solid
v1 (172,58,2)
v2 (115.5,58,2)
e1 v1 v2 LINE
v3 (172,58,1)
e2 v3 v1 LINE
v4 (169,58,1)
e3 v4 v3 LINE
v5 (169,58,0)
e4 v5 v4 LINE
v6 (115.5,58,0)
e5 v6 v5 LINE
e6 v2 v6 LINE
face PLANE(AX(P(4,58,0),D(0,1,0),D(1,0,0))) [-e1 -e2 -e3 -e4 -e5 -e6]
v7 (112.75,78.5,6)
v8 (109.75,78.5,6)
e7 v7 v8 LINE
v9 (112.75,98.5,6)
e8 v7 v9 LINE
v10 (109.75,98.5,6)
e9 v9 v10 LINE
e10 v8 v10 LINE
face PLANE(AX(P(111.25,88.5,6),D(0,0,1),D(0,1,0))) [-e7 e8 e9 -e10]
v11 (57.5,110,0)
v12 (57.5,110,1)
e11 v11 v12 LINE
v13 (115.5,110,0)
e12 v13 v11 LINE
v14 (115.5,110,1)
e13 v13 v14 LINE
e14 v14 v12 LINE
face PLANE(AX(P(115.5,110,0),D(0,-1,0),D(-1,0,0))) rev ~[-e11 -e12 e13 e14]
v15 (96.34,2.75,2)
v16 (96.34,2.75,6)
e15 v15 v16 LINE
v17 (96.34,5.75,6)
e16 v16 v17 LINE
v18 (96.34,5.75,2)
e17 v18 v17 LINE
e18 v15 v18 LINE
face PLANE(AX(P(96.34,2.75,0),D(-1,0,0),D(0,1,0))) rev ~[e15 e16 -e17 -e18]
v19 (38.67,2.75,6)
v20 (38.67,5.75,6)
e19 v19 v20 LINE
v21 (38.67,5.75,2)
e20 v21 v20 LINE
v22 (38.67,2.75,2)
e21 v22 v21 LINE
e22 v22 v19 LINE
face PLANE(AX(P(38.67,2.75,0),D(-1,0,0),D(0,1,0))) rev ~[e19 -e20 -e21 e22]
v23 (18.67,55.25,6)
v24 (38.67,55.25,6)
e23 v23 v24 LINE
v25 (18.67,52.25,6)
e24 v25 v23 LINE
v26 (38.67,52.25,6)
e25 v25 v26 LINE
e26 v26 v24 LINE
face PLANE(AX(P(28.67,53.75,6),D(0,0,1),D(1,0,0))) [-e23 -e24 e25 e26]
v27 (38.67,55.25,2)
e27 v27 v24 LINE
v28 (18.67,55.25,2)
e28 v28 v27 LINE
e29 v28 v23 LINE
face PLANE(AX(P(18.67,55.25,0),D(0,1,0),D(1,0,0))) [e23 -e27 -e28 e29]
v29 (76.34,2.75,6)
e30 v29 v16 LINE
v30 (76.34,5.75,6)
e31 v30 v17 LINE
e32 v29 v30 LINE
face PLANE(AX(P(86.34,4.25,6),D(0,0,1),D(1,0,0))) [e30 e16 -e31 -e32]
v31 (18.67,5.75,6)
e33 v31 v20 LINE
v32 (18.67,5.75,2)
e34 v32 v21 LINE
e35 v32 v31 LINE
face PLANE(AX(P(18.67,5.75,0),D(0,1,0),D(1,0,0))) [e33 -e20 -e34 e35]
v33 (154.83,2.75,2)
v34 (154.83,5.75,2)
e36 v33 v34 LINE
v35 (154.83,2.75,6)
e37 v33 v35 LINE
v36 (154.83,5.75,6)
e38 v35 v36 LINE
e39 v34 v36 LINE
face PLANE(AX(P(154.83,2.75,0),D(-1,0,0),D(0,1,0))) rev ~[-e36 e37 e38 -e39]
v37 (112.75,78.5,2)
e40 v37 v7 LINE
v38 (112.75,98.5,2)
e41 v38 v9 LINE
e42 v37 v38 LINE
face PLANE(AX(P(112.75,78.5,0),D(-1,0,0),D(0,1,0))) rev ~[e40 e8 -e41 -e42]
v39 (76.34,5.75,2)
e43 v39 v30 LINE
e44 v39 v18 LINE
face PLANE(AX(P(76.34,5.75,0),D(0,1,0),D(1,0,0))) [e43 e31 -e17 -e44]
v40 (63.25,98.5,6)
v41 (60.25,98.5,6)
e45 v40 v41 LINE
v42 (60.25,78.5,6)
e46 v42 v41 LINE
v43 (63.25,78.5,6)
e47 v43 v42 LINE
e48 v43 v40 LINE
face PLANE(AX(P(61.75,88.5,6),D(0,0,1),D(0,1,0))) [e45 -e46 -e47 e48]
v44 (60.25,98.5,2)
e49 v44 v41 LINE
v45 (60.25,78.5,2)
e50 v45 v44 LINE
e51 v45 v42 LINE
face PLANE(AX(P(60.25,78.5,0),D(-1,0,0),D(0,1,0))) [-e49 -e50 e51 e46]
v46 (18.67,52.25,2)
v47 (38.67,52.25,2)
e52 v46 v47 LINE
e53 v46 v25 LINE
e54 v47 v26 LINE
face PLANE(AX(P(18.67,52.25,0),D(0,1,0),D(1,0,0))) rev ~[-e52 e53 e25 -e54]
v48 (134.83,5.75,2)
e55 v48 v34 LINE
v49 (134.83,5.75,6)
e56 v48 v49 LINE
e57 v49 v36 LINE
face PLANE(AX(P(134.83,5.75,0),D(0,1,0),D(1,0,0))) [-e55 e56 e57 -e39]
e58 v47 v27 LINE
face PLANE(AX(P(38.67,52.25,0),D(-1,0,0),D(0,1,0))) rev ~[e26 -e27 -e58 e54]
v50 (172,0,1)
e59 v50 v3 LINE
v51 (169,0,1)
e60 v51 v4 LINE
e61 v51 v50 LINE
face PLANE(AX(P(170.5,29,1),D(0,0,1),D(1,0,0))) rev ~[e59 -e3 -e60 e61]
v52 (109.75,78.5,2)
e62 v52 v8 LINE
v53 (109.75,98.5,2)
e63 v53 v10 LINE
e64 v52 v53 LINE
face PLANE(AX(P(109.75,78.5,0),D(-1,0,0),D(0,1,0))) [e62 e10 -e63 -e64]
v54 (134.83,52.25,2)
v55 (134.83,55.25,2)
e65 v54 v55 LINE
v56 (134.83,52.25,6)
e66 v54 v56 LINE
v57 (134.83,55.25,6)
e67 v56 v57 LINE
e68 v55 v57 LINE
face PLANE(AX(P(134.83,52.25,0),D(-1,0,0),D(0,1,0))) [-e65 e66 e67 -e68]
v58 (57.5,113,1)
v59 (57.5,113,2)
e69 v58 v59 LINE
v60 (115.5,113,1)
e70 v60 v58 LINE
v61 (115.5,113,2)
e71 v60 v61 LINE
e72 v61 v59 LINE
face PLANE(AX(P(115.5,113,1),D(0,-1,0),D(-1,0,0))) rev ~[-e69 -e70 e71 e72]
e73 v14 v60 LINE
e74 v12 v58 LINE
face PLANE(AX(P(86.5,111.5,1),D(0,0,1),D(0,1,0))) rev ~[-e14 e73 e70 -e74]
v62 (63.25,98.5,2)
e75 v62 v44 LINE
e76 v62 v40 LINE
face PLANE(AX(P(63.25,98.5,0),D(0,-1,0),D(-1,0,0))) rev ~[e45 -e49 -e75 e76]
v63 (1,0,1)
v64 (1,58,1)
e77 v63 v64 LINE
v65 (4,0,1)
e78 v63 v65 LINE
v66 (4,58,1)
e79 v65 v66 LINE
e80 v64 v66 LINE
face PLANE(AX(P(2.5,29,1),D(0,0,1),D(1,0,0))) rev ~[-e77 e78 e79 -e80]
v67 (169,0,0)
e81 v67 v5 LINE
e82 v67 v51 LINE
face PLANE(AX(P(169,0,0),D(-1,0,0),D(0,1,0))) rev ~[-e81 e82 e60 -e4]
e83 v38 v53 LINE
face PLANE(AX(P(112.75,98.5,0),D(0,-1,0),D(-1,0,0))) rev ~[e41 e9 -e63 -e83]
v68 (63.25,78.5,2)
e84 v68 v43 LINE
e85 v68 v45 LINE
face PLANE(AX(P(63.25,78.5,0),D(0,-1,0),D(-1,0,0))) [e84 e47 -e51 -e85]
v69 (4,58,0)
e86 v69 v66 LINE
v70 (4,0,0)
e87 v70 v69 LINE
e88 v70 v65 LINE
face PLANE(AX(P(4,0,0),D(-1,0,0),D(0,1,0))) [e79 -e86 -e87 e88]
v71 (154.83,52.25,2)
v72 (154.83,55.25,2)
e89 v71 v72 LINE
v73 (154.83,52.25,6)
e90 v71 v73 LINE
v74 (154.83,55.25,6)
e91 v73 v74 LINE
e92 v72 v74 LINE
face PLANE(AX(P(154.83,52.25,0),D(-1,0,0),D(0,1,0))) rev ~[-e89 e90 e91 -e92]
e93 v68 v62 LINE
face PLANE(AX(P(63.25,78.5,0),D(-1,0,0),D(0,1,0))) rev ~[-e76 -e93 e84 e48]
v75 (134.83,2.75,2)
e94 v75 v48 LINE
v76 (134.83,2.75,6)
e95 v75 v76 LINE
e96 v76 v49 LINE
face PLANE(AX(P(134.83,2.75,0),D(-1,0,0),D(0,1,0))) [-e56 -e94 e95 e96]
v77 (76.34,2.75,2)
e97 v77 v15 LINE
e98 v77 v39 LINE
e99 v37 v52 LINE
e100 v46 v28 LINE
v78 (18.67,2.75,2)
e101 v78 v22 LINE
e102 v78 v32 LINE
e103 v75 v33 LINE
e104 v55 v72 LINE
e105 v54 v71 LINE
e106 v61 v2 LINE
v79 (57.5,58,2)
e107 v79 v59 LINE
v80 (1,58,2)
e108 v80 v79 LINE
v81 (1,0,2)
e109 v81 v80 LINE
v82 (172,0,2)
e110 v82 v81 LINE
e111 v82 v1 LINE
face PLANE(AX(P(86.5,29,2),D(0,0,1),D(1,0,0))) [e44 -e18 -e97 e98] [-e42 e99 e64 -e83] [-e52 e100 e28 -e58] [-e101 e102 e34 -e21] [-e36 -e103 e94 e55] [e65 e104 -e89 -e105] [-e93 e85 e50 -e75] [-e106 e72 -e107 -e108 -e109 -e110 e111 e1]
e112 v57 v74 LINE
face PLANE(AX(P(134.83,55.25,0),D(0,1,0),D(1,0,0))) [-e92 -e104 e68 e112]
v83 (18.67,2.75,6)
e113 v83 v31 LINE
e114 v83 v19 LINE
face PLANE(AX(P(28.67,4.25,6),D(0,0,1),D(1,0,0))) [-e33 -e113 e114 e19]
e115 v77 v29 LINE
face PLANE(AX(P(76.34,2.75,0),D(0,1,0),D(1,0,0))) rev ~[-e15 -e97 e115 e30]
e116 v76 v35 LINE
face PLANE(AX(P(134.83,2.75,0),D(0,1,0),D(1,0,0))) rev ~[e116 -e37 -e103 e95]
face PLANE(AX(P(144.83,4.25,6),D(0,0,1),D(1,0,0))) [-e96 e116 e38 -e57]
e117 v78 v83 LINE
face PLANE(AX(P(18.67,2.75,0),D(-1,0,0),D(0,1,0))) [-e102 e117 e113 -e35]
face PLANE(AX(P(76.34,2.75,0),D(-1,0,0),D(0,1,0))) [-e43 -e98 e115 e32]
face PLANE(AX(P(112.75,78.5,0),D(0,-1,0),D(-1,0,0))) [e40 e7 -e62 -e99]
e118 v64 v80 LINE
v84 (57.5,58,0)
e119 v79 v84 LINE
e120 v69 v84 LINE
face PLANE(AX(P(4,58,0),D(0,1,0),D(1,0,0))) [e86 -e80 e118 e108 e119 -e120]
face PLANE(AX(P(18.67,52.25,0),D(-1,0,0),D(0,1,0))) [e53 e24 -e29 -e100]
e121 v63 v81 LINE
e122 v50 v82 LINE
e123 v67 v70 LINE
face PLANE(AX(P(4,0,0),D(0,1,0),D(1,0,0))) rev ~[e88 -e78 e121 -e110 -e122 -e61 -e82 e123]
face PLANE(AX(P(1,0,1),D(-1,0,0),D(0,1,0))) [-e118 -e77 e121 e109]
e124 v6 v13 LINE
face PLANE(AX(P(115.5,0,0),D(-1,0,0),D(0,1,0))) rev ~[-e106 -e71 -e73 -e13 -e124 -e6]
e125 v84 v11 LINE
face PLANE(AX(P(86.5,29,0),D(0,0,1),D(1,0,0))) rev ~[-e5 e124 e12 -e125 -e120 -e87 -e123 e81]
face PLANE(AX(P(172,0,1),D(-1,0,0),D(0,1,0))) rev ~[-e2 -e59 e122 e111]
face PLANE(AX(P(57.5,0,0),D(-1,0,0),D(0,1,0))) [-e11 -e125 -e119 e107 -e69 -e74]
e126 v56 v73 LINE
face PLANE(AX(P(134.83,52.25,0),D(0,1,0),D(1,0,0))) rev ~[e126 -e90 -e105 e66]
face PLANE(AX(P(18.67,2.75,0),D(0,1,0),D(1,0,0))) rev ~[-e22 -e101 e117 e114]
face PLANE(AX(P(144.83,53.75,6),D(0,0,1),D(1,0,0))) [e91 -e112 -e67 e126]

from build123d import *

# Parameters (mm, degrees)
BOX010_W     = 3
BOX010_H     = 58
BOX010_DEPTH = 1
BOX009_W     = 3
BOX009_H     = 58
BOX009_DEPTH = 1
BOX008_W     = 20
BOX008_H     = 3
BOX008_DEPTH = 6
BOX007_W     = 20
BOX007_H     = 3
BOX007_DEPTH = 6
BOX006_W     = 20
BOX006_H     = 3
BOX006_DEPTH = 6
BOX005_W     = 20
BOX005_H     = 3
BOX005_DEPTH = 6
BOX004_W     = 20
BOX004_H     = 3
BOX004_DEPTH = 6
BOX003_W     = 20
BOX003_H     = 3
BOX003_DEPTH = 6
BOX002_W     = 20
BOX002_H     = 3
BOX002_DEPTH = 6
BOX001_W     = 110
BOX001_H     = 58
BOX001_DEPTH = 2
BOX_W        = 165
BOX_H        = 58
BOX_DEPTH    = 2
BOX011_W     = 3
BOX011_H     = 58
BOX011_DEPTH = 1


with BuildPart() as cube010:
    # Box010 → Box010 (new body)
    with BuildSketch(Plane(origin=(169, 0, 1), x_dir=(1, 0, 0), z_dir=(0, 0, 1))):
        with Locations((1.5, 29)):
            Rectangle(BOX010_W, BOX010_H)
    extrude(amount=BOX010_DEPTH)


with BuildPart() as cube009:
    # Box009 → Box009 (new body)
    with BuildSketch(Plane(origin=(1, 0, 1), x_dir=(1, 0, 0), z_dir=(0, 0, 1))):
        with Locations((1.5, 29)):
            Rectangle(BOX009_W, BOX009_H)
    extrude(amount=BOX009_DEPTH)


with BuildPart() as cube008:
    # Box008 → Box008 (new body)
    with BuildSketch(Plane(origin=(112.75, 78.5, 0), x_dir=(0, 1, 0), z_dir=(0, 0, 1))):
        with Locations((10, 1.5)):
            Rectangle(BOX008_W, BOX008_H)
    extrude(amount=BOX008_DEPTH)


with BuildPart() as cube007:
    # Box007 → Box007 (new body)
    with BuildSketch(Plane(origin=(63.25, 78.5, 0), x_dir=(0, 1, 0), z_dir=(0, 0, 1))):
        with Locations((10, 1.5)):
            Rectangle(BOX007_W, BOX007_H)
    extrude(amount=BOX007_DEPTH)


with BuildPart() as cube006:
    # Box006 → Box006 (new body)
    with BuildSketch(Plane(origin=(134.83, 52.25, 0), x_dir=(1, 0, 0), z_dir=(0, 0, 1))):
        with Locations((10, 1.5)):
            Rectangle(BOX006_W, BOX006_H)
    extrude(amount=BOX006_DEPTH)


with BuildPart() as cube005:
    # Box005 → Box005 (new body)
    with BuildSketch(Plane(origin=(18.67, 52.25, 0), x_dir=(1, 0, 0), z_dir=(0, 0, 1))):
        with Locations((10, 1.5)):
            Rectangle(BOX005_W, BOX005_H)
    extrude(amount=BOX005_DEPTH)


with BuildPart() as cube004:
    # Box004 → Box004 (new body)
    with BuildSketch(Plane(origin=(134.83, 2.75, 0), x_dir=(1, 0, 0), z_dir=(0, 0, 1))):
        with Locations((10, 1.5)):
            Rectangle(BOX004_W, BOX004_H)
    extrude(amount=BOX004_DEPTH)


with BuildPart() as cube003:
    # Box003 → Box003 (new body)
    with BuildSketch(Plane(origin=(76.34, 2.75, 0), x_dir=(1, 0, 0), z_dir=(0, 0, 1))):
        with Locations((10, 1.5)):
            Rectangle(BOX003_W, BOX003_H)
    extrude(amount=BOX003_DEPTH)


with BuildPart() as cube002:
    # Box002 → Box002 (new body)
    with BuildSketch(Plane(origin=(18.67, 2.75, 0), x_dir=(1, 0, 0), z_dir=(0, 0, 1))):
        with Locations((10, 1.5)):
            Rectangle(BOX002_W, BOX002_H)
    extrude(amount=BOX002_DEPTH)


with BuildPart() as cube001:
    # Box001 → Box001 (new body)
    with BuildSketch(Plane(origin=(115.5, 0, 0), x_dir=(0, 1, 0), z_dir=(0, 0, 1))):
        with Locations((55, 29)):
            Rectangle(BOX001_W, BOX001_H)
    extrude(amount=BOX001_DEPTH)


with BuildPart() as cube:
    # Box → Box (new body)
    with BuildSketch(Plane(origin=(4, 0, 0), x_dir=(1, 0, 0), z_dir=(0, 0, 1))):
        with Locations((82.5, 29)):
            Rectangle(BOX_W, BOX_H)
    extrude(amount=BOX_DEPTH)


with BuildPart() as fusion:
    # Box011 → Box011 (new body)
    with BuildSketch(Plane(origin=(115.5, 110, 1), x_dir=(0, 1, 0), z_dir=(0, 0, 1))):
        with Locations((1.5, 29)):
            Rectangle(BOX011_W, BOX011_H)
    extrude(amount=BOX011_DEPTH)

    # Fusion: union Cube010, Cube009, Cube008, Cube007, Cube006, Cube005, Cube004, Cube003, Cube002, Cube001, Cube
    add(cube010.part)
    add(cube009.part)
    add(cube008.part)
    add(cube007.part)
    add(cube006.part)
    add(cube005.part)
    add(cube004.part)
    add(cube003.part)
    add(cube002.part)
    add(cube001.part)
    add(cube.part)


solid = fusion.part
